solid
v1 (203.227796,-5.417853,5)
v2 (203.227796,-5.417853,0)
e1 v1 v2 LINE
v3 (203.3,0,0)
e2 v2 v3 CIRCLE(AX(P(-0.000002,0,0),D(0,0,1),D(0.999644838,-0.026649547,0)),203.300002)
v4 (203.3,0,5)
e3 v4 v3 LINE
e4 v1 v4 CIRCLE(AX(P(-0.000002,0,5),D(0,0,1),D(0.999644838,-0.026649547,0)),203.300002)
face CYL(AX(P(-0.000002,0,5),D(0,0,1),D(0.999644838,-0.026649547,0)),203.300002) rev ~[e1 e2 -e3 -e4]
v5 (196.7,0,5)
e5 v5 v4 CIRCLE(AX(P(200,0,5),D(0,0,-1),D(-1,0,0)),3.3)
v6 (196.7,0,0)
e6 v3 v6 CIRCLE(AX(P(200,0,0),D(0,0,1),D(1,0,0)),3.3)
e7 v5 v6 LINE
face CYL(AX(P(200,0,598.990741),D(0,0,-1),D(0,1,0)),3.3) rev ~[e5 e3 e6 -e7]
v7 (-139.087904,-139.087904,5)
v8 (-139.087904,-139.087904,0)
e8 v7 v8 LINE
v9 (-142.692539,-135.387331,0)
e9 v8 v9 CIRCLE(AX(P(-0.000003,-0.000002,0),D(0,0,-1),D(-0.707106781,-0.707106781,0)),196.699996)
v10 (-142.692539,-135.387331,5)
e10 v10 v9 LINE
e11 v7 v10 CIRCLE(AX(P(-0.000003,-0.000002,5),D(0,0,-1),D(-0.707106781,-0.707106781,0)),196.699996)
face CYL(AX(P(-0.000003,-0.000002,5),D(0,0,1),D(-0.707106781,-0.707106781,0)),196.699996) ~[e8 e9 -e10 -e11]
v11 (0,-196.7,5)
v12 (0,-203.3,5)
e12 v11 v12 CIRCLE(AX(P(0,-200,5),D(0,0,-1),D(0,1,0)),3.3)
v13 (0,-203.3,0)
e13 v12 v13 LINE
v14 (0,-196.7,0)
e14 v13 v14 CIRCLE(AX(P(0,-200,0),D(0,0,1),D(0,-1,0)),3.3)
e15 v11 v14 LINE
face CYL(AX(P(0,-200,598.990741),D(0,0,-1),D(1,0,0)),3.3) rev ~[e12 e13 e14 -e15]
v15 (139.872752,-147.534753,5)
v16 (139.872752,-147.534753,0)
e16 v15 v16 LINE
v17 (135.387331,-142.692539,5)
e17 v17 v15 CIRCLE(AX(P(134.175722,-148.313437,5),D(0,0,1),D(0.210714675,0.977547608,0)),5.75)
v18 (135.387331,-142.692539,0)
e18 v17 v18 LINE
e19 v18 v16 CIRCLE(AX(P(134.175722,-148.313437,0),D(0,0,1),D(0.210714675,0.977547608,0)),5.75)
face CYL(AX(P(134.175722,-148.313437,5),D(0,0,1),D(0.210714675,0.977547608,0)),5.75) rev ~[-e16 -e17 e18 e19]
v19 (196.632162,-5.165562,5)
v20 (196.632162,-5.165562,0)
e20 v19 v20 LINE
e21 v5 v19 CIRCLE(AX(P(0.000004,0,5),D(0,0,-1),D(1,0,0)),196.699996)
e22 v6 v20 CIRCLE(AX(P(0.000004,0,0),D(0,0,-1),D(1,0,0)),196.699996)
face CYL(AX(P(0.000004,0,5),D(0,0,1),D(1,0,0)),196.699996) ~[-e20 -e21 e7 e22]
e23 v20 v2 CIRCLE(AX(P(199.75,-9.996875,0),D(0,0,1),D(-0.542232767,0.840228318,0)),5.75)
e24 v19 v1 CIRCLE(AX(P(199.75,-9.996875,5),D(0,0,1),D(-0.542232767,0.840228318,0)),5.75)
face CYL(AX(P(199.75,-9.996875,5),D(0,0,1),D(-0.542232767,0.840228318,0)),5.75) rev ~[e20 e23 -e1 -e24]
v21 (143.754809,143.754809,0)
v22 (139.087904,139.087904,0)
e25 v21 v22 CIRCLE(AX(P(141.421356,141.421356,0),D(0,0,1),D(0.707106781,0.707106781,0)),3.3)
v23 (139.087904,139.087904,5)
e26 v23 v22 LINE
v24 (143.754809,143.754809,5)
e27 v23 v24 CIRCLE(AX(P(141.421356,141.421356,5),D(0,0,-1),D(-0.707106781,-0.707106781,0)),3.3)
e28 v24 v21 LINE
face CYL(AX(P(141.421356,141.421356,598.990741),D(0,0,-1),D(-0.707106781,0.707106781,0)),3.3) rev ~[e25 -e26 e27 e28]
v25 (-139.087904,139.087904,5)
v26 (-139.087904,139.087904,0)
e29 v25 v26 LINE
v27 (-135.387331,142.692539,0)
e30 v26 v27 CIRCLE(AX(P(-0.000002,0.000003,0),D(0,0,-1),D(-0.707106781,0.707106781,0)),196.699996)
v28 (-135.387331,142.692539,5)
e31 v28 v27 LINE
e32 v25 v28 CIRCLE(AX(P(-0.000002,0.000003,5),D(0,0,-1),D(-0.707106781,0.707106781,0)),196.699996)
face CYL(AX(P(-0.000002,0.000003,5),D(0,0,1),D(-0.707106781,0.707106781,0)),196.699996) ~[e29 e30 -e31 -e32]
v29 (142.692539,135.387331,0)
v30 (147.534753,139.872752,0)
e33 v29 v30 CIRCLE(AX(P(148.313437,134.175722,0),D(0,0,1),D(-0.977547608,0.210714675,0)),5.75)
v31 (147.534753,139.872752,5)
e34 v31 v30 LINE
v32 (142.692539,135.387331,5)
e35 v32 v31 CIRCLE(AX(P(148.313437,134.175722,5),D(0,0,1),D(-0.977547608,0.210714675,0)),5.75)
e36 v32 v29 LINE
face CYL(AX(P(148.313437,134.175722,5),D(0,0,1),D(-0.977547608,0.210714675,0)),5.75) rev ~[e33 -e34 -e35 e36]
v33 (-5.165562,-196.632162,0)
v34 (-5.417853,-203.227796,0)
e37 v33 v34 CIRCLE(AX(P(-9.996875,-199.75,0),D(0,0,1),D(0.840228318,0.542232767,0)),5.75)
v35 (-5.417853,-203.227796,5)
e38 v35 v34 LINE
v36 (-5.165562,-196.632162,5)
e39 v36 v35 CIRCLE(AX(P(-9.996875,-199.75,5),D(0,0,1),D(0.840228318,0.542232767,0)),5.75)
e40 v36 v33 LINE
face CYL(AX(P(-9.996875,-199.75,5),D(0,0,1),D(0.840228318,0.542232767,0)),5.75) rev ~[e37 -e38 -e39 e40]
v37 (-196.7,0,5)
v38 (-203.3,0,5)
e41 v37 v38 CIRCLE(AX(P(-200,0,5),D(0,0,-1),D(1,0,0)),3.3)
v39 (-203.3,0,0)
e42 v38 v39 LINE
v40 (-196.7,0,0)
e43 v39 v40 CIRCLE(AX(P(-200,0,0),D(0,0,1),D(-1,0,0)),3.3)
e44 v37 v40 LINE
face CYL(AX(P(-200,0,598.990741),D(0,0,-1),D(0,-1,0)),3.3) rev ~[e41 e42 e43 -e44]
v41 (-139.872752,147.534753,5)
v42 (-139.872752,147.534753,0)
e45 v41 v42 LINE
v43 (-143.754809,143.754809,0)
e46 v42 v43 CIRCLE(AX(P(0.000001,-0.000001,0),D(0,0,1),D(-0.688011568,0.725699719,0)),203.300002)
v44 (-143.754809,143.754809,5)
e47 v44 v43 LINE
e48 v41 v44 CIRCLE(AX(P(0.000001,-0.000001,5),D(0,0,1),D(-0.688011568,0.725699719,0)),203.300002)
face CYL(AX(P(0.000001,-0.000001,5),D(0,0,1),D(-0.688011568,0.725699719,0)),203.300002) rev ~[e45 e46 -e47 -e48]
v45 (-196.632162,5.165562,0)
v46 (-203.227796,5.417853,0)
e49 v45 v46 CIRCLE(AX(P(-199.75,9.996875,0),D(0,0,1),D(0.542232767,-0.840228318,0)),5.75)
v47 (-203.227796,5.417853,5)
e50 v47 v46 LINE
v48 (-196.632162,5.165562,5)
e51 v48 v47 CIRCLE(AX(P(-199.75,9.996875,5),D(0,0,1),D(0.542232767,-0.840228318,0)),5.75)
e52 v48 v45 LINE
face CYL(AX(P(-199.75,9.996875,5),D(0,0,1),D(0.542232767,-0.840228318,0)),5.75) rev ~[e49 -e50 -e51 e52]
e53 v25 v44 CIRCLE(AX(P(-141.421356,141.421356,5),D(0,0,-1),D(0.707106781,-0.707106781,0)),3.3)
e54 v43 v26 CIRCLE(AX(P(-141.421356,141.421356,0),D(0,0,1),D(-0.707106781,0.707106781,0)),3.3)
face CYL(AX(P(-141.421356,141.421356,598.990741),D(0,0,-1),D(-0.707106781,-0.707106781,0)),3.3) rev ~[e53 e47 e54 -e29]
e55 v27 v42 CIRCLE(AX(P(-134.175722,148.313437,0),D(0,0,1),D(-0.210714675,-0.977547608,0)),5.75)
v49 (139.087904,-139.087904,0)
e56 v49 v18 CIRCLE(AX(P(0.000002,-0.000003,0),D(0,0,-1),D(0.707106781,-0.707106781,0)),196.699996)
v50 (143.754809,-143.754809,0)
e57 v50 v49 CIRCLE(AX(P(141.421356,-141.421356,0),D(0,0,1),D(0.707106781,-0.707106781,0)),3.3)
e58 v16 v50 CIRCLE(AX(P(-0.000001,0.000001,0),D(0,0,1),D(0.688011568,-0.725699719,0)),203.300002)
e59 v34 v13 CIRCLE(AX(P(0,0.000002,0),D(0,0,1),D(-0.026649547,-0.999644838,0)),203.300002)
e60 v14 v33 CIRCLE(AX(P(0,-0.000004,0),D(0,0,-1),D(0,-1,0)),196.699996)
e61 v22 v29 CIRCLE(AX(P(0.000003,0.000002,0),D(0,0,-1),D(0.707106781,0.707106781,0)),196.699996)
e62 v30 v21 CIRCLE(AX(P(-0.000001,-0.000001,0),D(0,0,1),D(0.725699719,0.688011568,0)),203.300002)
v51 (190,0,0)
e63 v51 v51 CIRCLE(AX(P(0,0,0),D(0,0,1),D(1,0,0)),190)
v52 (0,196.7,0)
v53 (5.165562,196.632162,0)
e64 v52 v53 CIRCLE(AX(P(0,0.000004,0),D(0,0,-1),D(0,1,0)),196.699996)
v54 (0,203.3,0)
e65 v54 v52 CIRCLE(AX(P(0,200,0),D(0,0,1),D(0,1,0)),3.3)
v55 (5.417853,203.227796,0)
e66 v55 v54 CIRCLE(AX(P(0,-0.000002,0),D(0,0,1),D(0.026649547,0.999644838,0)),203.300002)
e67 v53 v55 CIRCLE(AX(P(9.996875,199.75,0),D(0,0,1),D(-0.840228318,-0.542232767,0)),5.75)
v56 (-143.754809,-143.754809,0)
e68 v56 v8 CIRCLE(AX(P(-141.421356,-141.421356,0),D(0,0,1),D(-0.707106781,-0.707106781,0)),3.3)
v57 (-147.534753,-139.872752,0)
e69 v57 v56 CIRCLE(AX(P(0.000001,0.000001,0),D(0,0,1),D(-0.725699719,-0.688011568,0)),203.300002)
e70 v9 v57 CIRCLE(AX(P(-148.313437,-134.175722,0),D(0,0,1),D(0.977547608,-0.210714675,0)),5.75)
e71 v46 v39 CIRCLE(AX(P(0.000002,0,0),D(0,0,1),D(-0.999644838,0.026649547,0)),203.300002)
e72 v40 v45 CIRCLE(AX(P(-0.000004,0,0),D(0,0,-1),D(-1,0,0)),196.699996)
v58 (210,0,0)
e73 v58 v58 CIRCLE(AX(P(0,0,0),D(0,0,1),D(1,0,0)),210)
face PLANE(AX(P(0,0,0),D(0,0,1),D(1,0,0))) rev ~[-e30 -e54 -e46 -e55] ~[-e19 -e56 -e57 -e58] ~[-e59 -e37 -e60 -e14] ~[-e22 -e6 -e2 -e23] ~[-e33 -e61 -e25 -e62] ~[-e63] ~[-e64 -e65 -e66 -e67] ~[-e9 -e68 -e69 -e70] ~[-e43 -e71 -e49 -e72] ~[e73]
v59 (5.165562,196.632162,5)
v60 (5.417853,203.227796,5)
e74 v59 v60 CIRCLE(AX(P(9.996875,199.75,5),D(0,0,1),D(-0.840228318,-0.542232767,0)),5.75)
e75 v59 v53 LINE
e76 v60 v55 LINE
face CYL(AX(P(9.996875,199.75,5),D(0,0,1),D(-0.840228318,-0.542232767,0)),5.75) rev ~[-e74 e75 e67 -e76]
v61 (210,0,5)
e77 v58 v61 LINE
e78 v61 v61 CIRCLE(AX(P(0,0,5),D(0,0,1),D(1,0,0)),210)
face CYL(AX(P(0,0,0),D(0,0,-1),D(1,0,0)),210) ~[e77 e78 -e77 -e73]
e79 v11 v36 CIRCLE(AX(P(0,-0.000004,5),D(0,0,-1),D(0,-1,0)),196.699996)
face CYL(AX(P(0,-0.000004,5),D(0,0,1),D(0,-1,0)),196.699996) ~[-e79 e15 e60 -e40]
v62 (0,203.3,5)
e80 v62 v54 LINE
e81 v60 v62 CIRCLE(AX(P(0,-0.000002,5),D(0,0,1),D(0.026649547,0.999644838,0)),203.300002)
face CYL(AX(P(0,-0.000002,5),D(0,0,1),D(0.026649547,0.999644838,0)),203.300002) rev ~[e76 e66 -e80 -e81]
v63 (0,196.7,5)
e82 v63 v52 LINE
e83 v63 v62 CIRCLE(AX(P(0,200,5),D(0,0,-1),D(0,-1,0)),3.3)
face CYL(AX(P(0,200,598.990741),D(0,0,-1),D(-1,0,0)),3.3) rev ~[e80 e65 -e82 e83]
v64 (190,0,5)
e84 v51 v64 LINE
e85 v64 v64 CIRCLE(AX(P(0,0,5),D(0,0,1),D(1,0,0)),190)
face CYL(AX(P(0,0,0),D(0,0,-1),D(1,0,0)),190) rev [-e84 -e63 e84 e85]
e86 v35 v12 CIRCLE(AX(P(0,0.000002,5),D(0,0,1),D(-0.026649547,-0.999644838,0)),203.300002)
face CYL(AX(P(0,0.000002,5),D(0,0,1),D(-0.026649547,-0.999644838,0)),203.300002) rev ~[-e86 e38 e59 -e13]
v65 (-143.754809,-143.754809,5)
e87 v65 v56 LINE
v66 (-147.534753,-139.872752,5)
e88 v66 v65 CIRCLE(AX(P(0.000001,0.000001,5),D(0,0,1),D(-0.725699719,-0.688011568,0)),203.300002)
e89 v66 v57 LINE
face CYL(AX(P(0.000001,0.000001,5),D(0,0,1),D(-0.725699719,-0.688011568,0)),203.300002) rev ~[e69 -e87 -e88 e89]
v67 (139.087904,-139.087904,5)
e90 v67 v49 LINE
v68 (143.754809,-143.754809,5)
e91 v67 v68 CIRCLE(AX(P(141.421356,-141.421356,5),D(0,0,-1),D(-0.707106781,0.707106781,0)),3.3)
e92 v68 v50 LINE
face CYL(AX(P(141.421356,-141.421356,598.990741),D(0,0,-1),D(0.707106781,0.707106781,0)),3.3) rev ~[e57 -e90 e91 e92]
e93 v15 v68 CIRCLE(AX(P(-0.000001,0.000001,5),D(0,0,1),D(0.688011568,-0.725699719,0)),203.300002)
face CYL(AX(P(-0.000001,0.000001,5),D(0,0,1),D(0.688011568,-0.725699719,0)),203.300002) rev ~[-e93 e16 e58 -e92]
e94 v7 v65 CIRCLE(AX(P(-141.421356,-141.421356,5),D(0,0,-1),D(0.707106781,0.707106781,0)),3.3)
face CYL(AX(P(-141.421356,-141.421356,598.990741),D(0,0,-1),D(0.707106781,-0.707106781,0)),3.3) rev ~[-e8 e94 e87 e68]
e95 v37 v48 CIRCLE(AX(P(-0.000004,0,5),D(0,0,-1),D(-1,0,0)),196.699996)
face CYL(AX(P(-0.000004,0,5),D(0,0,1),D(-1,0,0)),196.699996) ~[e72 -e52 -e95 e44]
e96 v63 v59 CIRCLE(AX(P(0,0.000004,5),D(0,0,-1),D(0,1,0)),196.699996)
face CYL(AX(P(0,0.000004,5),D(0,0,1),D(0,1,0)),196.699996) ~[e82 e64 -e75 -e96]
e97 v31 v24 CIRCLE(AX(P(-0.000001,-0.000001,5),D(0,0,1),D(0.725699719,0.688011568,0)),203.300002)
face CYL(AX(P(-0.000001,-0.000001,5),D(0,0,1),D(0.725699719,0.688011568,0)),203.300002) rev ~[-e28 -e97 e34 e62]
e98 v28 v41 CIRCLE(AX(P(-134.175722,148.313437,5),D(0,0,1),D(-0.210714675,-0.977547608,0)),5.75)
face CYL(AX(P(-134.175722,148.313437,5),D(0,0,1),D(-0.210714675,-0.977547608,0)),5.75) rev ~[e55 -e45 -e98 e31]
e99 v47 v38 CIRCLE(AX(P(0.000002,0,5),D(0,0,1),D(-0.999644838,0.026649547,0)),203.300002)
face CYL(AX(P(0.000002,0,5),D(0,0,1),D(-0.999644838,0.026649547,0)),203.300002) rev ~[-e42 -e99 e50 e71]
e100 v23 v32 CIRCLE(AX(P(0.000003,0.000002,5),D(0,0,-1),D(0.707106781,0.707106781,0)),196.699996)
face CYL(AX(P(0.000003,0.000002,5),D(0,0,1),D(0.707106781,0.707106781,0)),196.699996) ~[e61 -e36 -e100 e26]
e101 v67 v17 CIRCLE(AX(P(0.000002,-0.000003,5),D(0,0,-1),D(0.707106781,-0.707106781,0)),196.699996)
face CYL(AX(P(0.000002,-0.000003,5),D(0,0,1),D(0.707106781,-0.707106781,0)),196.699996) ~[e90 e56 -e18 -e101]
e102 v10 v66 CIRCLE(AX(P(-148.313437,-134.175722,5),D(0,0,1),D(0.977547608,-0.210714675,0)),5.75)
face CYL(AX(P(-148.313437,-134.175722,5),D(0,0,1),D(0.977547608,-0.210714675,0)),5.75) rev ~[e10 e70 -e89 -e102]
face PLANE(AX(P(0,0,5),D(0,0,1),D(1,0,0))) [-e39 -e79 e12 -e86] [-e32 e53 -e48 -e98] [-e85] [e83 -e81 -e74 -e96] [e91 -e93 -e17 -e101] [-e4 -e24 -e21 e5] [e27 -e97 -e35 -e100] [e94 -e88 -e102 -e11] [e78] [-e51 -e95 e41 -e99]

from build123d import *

# Parameters (mm, degrees)
SKETCH1_R            = 210
SKETCH1_R_2          = 190
BOSS_EXTRUDE1_DEPTH  = 5
M6_CLEARANCE_HOLE1_D = 6.6
CUT_EXTRUDE1_DEPTH   = 5
CIRPATTERN1_COUNT    = 8


with BuildPart() as part:
    # Sketch1 → Boss-Extrude1 (new body)
    with BuildSketch(Plane.XY):
        Circle(SKETCH1_R)
        Circle(SKETCH1_R_2, mode=Mode.SUBTRACT)
    extrude(amount=BOSS_EXTRUDE1_DEPTH)

    # M6 Clearance Hole1 (through all)
    with Locations(Plane.XY.offset(5)):
        with Locations((0, 200)):
            m6_clearance_hole1 = Hole(M6_CLEARANCE_HOLE1_D / 2)

    # Sketch4 → Cut-Extrude1 (cut)
    with BuildSketch(Plane.XY.offset(5)):
        with BuildLine():
            ThreePointArc((5.165561681, 196.632161592), (15.742672541, 199.530216011), (5.41785296, 203.227795514))
            ThreePointArc((5.41785296, 203.227795514), (2.709167039, 203.281948077), (0, 203.3))
            ThreePointArc((0, 203.3), (3.3, 200), (0, 196.7))
            ThreePointArc((0, 196.7), (2.583003558, 196.683039667), (5.165561681, 196.632161592))
        make_face()
    cut_extrude1 = extrude(amount=-CUT_EXTRUDE1_DEPTH, mode=Mode.SUBTRACT)

    # CirPattern1: M6 Clearance Hole1, Cut-Extrude1 ×8 about axis
    cirpattern1_axis = Axis((0, 0, 0), (0, 0, 1))
    for i in range(1, CIRPATTERN1_COUNT):
        add(m6_clearance_hole1.rotate(cirpattern1_axis, i * 360 / CIRPATTERN1_COUNT), mode=Mode.SUBTRACT)
        add(cut_extrude1.rotate(cirpattern1_axis, i * 360 / CIRPATTERN1_COUNT), mode=Mode.SUBTRACT)


solid = part.part
